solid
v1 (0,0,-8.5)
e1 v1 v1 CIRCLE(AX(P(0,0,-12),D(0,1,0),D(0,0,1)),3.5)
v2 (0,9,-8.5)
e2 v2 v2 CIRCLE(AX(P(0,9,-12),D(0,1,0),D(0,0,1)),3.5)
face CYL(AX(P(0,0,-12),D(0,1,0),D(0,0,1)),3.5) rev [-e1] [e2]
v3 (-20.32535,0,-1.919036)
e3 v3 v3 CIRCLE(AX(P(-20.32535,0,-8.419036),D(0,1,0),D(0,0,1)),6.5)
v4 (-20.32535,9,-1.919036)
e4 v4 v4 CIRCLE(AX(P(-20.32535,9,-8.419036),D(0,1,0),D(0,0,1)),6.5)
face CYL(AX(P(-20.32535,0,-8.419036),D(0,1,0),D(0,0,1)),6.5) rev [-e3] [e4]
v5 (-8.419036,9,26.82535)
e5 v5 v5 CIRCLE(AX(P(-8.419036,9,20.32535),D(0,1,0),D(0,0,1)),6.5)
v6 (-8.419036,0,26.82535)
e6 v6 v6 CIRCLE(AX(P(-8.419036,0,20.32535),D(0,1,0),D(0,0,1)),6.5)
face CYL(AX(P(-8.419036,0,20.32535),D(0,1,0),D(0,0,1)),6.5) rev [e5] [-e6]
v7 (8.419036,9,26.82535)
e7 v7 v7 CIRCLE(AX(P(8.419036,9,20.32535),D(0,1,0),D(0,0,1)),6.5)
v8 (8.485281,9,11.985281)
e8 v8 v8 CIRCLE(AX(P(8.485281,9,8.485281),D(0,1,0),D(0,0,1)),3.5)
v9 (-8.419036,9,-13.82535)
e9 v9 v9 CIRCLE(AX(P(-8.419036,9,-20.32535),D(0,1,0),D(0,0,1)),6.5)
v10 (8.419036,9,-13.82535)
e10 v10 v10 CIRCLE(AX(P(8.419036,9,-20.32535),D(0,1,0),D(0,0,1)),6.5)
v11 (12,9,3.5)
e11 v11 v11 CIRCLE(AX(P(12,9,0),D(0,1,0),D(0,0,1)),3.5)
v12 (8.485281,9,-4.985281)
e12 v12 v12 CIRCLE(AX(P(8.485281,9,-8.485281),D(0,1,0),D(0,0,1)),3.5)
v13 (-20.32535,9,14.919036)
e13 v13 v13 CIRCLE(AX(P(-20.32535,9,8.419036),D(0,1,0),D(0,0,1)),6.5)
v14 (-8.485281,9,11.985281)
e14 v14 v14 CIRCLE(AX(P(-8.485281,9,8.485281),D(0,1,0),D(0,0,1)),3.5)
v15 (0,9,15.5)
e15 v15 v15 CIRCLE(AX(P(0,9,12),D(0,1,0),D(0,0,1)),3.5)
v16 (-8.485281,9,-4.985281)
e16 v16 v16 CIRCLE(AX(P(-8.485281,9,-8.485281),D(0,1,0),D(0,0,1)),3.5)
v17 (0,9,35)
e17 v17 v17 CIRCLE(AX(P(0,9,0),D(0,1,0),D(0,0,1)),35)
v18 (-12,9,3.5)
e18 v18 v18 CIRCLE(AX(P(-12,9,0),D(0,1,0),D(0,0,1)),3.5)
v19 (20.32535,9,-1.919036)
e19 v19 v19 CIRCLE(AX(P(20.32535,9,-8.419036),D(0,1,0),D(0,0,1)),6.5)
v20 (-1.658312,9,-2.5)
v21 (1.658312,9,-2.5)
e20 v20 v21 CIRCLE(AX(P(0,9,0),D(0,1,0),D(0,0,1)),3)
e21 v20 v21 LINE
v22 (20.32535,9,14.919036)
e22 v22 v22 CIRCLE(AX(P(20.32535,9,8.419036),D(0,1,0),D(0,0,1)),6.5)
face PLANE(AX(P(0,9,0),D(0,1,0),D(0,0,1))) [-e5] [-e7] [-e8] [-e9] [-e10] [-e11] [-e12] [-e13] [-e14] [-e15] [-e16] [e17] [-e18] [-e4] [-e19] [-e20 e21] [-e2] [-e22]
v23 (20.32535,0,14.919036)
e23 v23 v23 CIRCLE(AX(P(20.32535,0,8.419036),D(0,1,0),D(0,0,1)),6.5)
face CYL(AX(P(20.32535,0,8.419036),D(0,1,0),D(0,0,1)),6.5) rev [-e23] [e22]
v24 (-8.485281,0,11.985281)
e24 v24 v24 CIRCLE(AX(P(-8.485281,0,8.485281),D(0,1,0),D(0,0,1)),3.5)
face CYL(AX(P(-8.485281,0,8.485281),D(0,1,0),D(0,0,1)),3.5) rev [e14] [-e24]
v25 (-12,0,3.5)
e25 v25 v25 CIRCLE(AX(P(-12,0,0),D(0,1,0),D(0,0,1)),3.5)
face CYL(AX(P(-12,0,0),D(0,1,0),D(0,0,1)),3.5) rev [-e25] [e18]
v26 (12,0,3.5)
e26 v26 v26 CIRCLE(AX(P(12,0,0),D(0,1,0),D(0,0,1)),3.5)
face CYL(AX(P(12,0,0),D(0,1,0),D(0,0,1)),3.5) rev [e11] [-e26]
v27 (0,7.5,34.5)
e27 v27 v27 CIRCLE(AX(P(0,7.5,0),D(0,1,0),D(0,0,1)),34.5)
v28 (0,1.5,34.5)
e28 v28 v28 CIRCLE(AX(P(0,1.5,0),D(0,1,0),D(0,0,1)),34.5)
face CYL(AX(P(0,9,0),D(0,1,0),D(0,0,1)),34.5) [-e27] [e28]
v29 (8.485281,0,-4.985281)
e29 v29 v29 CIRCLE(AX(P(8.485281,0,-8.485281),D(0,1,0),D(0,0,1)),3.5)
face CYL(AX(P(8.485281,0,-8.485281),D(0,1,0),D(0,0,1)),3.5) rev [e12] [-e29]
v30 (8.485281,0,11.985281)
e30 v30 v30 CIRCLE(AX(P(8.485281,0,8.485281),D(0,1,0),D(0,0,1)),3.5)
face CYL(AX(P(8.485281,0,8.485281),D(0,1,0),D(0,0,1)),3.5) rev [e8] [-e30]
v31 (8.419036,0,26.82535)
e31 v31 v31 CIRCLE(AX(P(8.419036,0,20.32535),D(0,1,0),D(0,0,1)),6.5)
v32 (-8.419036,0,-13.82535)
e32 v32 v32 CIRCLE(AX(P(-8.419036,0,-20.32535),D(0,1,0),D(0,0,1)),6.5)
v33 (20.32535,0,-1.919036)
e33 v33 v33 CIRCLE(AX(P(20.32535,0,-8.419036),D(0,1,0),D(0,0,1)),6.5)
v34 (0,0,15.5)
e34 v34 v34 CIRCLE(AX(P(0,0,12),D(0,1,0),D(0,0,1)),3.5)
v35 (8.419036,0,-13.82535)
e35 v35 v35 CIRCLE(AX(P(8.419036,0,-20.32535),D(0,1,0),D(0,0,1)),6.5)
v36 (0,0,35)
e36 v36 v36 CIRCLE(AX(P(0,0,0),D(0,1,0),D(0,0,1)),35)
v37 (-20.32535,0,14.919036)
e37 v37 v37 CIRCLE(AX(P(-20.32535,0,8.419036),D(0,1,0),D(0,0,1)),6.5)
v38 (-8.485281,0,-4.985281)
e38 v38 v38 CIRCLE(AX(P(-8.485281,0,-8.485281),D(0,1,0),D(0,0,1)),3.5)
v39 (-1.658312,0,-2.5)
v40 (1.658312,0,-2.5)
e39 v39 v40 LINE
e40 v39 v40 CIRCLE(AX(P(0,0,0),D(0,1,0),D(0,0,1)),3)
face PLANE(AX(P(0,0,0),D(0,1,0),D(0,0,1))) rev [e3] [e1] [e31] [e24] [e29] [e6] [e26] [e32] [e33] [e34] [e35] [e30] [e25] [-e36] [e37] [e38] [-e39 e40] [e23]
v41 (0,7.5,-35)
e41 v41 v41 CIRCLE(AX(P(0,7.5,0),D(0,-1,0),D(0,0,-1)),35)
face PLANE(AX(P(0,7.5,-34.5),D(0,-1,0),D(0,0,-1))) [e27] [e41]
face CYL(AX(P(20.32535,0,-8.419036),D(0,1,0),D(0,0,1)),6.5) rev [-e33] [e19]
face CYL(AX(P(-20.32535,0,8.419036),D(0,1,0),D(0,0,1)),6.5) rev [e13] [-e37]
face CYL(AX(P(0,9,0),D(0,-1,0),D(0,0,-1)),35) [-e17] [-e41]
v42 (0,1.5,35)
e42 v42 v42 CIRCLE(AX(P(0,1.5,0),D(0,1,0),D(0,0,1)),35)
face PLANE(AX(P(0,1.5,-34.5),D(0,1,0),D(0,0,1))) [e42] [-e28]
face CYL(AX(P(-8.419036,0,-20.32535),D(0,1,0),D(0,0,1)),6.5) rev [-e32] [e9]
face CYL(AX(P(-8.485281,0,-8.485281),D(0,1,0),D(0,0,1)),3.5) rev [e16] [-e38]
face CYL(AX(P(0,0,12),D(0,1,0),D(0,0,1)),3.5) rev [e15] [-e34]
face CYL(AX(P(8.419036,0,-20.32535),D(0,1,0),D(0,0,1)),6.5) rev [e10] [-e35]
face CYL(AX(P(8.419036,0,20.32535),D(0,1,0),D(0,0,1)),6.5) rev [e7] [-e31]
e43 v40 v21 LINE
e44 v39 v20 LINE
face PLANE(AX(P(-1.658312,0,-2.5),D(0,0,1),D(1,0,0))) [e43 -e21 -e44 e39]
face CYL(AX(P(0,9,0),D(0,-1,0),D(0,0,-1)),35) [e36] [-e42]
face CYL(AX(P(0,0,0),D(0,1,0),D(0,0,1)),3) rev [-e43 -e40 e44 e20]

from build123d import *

# Parameters (mm, degrees)
SKETCH_1_R               = 35
EXTRUDE_1_DEPTH          = 9
CUT_EXTRUDE_1_DEPTH      = 51.309044912
CUT_EXTRUDE_1_DEPTH_BACK = 51.309044912
CUT_EXTRUDE_2_DEPTH      = 51.309044912
CUT_EXTRUDE_2_DEPTH_BACK = 51.309044912
SKETCH_3_R               = 3.5
SKETCH_3_R_2             = 6.5
SKETCH_4_W               = 1
SKETCH_4_H               = 6


with BuildPart() as part:
    # 스케치1 → 보스-돌출1 (new body)
    with BuildSketch(Plane(origin=(0, 0, 0), x_dir=(1, 0, 0), z_dir=(0, 1, 0))):
        with Locations(Location((0, 0, 0), (0, 0, 270))):
            Circle(SKETCH_1_R)
    extrude(amount=EXTRUDE_1_DEPTH)

    # 스케치2 → 컷-돌출1 (cut, two sides: drawn at the far end of the back side and taken through both)
    with BuildSketch(Plane(origin=(0, 9, 0), x_dir=(1, 0, 0), z_dir=(0, 1, 0)).offset(-CUT_EXTRUDE_1_DEPTH_BACK)):
        with BuildLine():
            Line((-1.658312395, 2.5), (1.658312395, 2.5))
            ThreePointArc((1.658312395, 2.5), (0, -3), (-1.658312395, 2.5))
        make_face()
    extrude(amount=CUT_EXTRUDE_1_DEPTH + CUT_EXTRUDE_1_DEPTH_BACK, mode=Mode.SUBTRACT)

    # 스케치3 → 컷-돌출2 (cut, two sides: drawn at the far end of the back side and taken through both)
    with BuildSketch(Plane(origin=(0, 9, 0), x_dir=(1, 0, 0), z_dir=(0, 1, 0)).offset(-CUT_EXTRUDE_2_DEPTH_BACK)):
        with Locations(Location((8.485281374, -8.485281374, 0), (0, 0, 270))):
            Circle(SKETCH_3_R)
        with Locations(Location((8.419035512, -20.325349715, 0), (0, 0, 270))):
            Circle(SKETCH_3_R_2)
        with Locations(Location((-8.419035512, -20.325349715, 0), (0, 0, 270))):
            Circle(SKETCH_3_R_2)
        with Locations(Location((0, -12, 0), (0, 0, 270))):
            Circle(SKETCH_3_R)
        with Locations(Location((-20.325349715, -8.419035512, 0), (0, 0, 270))):
            Circle(SKETCH_3_R_2)
        with Locations(Location((-8.485281374, -8.485281374, 0), (0, 0, 270))):
            Circle(SKETCH_3_R)
        with Locations(Location((-20.325349715, 8.419035512, 0), (0, 0, 270))):
            Circle(SKETCH_3_R_2)
        with Locations(Location((-12, 0, 0), (0, 0, 270))):
            Circle(SKETCH_3_R)
        with Locations(Location((-8.419035512, 20.325349715, 0), (0, 0, 270))):
            Circle(SKETCH_3_R_2)
        with Locations(Location((-8.485281374, 8.485281374, 0), (0, 0, 270))):
            Circle(SKETCH_3_R)
        with Locations(Location((8.419035512, 20.325349715, 0), (0, 0, 270))):
            Circle(SKETCH_3_R_2)
        with Locations(Location((0, 12, 0), (0, 0, 270))):
            Circle(SKETCH_3_R)
        with Locations(Location((20.325349715, 8.419035512, 0), (0, 0, 270))):
            Circle(SKETCH_3_R_2)
        with Locations(Location((8.485281374, 8.485281374, 0), (0, 0, 270))):
            Circle(SKETCH_3_R)
        with Locations(Location((20.325349715, -8.419035512, 0), (0, 0, 270))):
            Circle(SKETCH_3_R_2)
        with Locations(Location((12, 0, 0), (0, 0, 270))):
            Circle(SKETCH_3_R)
    extrude(amount=CUT_EXTRUDE_2_DEPTH + CUT_EXTRUDE_2_DEPTH_BACK, mode=Mode.SUBTRACT)

    # 스케치4 → 컷-회전1 (revolve, cut)
    with BuildSketch(Plane(origin=(0, 0, 0), x_dir=(0, 0, -1), z_dir=(1, 0, 0)), mode=Mode.PRIVATE) as cut_revolve_1_sk:
        with Locations((35, 4.5)):
            Rectangle(SKETCH_4_W, SKETCH_4_H)
    revolve(cut_revolve_1_sk.sketch.rotate(Axis((0, 9, 0), (0, -1, 0)), 180), axis=Axis((0, 9, 0), (0, -1, 0)), mode=Mode.SUBTRACT)


solid = part.part
